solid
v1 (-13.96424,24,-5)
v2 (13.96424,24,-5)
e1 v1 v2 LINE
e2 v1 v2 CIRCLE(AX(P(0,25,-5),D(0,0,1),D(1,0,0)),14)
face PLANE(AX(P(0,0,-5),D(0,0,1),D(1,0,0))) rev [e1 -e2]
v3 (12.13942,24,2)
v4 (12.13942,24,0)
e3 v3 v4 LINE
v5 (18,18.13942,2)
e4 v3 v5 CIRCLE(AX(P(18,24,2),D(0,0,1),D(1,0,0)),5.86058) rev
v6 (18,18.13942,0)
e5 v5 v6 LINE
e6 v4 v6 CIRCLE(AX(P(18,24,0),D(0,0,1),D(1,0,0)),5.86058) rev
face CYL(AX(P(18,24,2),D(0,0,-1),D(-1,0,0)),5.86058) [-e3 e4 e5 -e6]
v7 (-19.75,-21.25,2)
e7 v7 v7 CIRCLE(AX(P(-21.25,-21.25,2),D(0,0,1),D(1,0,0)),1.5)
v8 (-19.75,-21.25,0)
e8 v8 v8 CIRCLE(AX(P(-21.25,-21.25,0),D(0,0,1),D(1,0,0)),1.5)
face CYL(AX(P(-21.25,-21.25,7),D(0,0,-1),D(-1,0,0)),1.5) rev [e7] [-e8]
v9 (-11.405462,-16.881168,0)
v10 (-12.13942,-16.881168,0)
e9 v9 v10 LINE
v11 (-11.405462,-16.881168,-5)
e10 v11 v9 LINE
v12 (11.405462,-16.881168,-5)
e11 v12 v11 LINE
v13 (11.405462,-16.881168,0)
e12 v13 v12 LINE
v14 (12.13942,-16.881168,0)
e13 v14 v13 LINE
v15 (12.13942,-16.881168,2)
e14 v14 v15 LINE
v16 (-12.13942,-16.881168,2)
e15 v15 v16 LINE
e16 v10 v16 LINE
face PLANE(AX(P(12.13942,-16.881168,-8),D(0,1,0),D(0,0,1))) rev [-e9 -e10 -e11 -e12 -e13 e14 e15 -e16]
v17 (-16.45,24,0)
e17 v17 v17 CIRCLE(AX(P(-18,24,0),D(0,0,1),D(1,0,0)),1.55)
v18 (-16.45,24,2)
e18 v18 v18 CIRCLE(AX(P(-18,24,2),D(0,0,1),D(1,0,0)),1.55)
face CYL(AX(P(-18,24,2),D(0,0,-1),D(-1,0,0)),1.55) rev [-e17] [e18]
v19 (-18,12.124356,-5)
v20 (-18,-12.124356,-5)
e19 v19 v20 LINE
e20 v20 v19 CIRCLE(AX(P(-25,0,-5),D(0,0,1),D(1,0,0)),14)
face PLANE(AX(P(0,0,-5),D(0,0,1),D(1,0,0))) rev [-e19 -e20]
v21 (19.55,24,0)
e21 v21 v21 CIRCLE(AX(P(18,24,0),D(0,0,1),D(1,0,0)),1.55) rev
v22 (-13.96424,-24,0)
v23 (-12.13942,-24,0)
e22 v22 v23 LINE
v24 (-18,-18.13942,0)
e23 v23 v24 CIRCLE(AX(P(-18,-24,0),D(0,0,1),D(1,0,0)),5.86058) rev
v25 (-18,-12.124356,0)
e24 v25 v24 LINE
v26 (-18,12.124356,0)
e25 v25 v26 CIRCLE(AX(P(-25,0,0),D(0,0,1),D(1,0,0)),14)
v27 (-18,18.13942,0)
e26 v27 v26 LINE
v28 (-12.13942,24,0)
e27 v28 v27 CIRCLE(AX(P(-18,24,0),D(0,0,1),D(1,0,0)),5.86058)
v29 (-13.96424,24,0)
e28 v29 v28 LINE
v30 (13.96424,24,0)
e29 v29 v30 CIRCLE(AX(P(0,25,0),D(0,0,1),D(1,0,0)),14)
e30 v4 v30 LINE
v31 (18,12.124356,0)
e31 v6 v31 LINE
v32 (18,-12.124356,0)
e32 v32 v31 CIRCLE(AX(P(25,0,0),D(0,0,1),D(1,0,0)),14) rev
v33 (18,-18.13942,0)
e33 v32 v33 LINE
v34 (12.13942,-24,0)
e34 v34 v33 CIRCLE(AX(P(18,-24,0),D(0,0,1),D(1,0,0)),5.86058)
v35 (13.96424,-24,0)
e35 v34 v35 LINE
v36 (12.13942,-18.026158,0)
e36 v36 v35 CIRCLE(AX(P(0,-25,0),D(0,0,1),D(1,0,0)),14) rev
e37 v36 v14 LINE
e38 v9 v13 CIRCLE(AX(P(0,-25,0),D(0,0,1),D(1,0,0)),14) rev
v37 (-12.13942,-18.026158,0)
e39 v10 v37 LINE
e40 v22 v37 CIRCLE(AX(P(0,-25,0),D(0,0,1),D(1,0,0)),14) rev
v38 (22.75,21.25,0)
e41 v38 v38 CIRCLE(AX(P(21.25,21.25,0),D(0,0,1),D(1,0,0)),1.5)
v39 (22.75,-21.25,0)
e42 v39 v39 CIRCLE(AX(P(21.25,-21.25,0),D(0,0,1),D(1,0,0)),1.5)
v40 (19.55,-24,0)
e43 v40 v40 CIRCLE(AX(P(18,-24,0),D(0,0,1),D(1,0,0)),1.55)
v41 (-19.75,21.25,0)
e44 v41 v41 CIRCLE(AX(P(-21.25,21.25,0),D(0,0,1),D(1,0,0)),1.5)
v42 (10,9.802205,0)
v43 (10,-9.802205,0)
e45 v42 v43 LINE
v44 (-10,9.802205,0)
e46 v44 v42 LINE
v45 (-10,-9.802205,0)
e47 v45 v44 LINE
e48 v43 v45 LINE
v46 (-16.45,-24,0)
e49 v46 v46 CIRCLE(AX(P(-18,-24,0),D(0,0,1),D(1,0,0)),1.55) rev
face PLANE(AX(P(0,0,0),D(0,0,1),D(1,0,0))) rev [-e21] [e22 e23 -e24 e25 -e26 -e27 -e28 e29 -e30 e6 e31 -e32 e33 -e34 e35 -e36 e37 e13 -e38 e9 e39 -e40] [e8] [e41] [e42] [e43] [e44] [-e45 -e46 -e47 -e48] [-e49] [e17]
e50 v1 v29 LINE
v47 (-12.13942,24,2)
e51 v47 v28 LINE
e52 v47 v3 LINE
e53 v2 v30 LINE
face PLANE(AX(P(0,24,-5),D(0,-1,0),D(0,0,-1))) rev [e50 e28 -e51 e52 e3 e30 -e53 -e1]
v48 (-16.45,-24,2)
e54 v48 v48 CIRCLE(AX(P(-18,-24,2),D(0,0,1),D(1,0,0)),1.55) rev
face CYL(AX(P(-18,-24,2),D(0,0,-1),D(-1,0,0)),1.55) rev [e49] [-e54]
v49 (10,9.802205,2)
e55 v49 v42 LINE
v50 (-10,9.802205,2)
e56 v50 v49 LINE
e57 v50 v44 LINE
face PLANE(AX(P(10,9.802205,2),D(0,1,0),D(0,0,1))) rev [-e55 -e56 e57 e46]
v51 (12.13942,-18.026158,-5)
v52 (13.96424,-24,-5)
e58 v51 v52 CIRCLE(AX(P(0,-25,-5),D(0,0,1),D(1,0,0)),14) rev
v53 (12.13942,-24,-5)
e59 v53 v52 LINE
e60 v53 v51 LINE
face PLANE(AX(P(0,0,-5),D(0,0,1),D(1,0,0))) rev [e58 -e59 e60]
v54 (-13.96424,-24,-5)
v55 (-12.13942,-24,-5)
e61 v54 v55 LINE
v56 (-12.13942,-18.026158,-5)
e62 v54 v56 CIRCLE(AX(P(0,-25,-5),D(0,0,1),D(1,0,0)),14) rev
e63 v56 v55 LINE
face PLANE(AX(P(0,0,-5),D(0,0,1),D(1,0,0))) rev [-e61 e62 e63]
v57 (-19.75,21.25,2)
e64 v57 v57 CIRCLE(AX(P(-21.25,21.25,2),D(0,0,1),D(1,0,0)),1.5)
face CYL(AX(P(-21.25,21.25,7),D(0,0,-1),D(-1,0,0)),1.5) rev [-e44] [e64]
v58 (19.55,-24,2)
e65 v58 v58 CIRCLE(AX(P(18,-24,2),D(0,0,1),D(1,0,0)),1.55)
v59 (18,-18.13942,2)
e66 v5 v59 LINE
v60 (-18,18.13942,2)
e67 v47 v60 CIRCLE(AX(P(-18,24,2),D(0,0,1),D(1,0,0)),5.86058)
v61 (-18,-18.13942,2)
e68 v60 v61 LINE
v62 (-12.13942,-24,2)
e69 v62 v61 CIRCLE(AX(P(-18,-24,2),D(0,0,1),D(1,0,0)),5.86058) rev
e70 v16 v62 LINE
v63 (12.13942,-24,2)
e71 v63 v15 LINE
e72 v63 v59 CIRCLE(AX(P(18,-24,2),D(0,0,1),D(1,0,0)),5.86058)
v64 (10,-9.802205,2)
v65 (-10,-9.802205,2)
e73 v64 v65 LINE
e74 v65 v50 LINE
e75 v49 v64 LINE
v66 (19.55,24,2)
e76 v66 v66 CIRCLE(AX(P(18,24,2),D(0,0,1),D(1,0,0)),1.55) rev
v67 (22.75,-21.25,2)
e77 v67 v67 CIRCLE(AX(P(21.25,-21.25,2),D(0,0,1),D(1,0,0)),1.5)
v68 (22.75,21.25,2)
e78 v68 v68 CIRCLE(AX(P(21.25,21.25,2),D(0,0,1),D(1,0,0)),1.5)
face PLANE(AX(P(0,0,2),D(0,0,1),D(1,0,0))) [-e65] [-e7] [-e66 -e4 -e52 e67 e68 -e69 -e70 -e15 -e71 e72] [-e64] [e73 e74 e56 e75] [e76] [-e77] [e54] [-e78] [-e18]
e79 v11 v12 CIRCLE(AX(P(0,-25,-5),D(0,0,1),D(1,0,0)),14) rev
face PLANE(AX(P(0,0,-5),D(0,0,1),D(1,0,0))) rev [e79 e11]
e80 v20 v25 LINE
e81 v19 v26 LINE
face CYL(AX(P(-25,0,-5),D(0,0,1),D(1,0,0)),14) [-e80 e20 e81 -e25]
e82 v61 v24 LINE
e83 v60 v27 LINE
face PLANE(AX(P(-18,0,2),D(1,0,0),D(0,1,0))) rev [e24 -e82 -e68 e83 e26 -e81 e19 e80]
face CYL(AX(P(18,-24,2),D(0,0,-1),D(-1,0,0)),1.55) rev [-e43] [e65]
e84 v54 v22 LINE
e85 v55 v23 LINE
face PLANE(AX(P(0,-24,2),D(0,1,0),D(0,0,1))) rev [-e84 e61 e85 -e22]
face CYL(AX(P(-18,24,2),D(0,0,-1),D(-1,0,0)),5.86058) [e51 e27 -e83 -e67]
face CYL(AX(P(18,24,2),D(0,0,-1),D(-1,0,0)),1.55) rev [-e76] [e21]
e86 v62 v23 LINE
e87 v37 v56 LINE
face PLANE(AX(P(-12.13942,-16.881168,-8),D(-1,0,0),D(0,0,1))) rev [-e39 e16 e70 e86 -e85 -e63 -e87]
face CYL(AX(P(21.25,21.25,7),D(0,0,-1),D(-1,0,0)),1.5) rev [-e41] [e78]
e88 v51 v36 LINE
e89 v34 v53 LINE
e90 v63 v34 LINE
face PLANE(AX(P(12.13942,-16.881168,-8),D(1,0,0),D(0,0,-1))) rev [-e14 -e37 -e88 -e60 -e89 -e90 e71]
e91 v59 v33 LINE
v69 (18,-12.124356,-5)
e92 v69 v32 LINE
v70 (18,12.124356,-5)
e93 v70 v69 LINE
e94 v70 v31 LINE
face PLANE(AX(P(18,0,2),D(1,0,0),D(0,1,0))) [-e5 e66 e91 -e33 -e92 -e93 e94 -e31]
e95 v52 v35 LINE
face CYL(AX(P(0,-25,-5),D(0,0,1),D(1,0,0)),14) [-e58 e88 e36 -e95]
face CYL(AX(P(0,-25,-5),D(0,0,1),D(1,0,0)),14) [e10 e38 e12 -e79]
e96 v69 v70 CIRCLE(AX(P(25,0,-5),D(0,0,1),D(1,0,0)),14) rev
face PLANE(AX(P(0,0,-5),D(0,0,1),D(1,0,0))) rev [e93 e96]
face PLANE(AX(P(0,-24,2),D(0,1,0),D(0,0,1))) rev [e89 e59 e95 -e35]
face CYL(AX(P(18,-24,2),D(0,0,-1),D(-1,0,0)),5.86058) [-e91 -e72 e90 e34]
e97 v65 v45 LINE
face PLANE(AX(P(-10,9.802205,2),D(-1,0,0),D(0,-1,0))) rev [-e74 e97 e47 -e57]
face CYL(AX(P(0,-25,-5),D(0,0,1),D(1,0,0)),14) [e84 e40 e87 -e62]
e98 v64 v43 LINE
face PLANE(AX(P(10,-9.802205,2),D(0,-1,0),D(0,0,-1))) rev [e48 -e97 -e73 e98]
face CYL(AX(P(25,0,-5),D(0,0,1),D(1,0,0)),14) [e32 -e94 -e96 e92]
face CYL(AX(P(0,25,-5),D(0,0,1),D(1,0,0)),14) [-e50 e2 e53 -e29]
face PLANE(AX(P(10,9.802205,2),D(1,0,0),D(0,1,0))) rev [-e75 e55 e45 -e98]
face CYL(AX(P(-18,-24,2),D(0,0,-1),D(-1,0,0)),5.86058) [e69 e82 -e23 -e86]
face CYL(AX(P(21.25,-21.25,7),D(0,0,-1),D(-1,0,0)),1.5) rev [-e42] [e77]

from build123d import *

# Parameters (mm, degrees)
EXTRUDE_1_DEPTH     = 5
EXTRUDE_1_2_DEPTH   = 5
EXTRUDE_1_3_DEPTH   = 5
EXTRUDE_1_4_DEPTH   = 5
EXTRUDE_3_DEPTH     = 2
SKETCH_3_W          = 20
SKETCH_3_H          = 19.604409946
CUT_EXTRUDE_1_DEPTH = 2
SKETCH_4_R          = 1.5
CUT_EXTRUDE_2_DEPTH = 12
SKETCH_6_W          = 24.27884079
SKETCH_6_H          = 14.237664084
CUT_EXTRUDE_5_DEPTH = 10


with BuildPart() as part:
    # 草图1 → 凸台-拉伸1 (new body)
    with BuildSketch(Plane.XY):
        with BuildLine():
            Line((13.964240044, 24), (-13.964240044, 24))
            ThreePointArc((-13.964240044, 24), (0, 11), (13.964240044, 24))
        make_face()
    extrude(amount=-EXTRUDE_1_DEPTH)



with BuildPart() as body_2:
    # 草图1 → Extrude 1 2 (new body)
    with BuildSketch(Plane.XY):
        with BuildLine():
            ThreePointArc((-18, -12.124355653), (-11, 0), (-18, 12.124355653))
            Line((-18, 12.124355653), (-18, -12.124355653))
        make_face()
    extrude(amount=-EXTRUDE_1_2_DEPTH)


with BuildPart() as body_3:
    # 草图1 → Extrude 1 3 (new body)
    with BuildSketch(Plane.XY):
        with BuildLine():
            Line((18, -12.124355653), (18, 12.124355653))
            ThreePointArc((18, 12.124355653), (11, 0), (18, -12.124355653))
        make_face()
    extrude(amount=-EXTRUDE_1_3_DEPTH)


with BuildPart() as body_4:
    # 草图1 → Extrude 1 4 (new body)
    with BuildSketch(Plane.XY):
        with BuildLine():
            ThreePointArc((13.964240044, -24), (0, -11), (-13.964240044, -24))
            Line((-13.964240044, -24), (13.964240044, -24))
        make_face()
    extrude(amount=-EXTRUDE_1_4_DEPTH)


with BuildPart() as part_1:
    add(part.part)

    add(body_2.part)  # 凸台-拉伸3 merges body 2

    add(body_3.part)  # 凸台-拉伸3 merges body 3

    add(body_4.part)  # 凸台-拉伸3 merges body 4
    # 草图2 → 凸台-拉伸3 (add)
    with BuildSketch(Plane.XY):
        with BuildLine():
            ThreePointArc((-18, 22.45), (-19.096015511, 25.096015511), (-16.45, 24))
            Line((-16.45, 24), (-12.139420395, 24))
            ThreePointArc((-12.139420395, 24), (-22.14405558, 28.14405558), (-18, 18.139420395))
            Line((-18, 18.139420395), (-18, 22.45))
        make_face()
        with BuildLine():
            Line((-12.139420395, 24), (-16.45, 24))
            ThreePointArc((-16.45, 24), (-16.903984489, 22.903984489), (-18, 22.45))
            Line((-18, 22.45), (-18, 18.139420395))
            ThreePointArc((-18, 18.139420395), (-13.85594442, 19.85594442), (-12.139420395, 24))
        make_face()
        with BuildLine():
            Line((12.139420395, 24), (-12.139420395, 24))
            ThreePointArc((-12.139420395, 24), (-13.85594442, 19.85594442), (-18, 18.139420395))
            Line((-18, 18.139420395), (-18, 12.124355653))
            ThreePointArc((-18, 12.124355653), (-11, 0), (-18, -12.124355653))
            Line((-18, -12.124355653), (-18, -18.139420395))
            ThreePointArc((-18, -18.139420395), (-13.85594442, -19.85594442), (-12.139420395, -24))
            Line((-12.139420395, -24), (12.139420395, -24))
            ThreePointArc((12.139420395, -24), (13.85594442, -19.85594442), (18, -18.139420395))
            Line((18, -18.139420395), (18, 18.139420395))
            ThreePointArc((18, 18.139420395), (13.85594442, 19.85594442), (12.139420395, 24))
        make_face()
        with BuildLine():
            ThreePointArc((-18, -12.124355653), (-11, 0), (-18, 12.124355653))
            Line((-18, 12.124355653), (-18, -12.124355653))
        make_face()
        with BuildLine():
            ThreePointArc((23.860579605, 24), (18, 29.860579605), (12.139420395, 24))
            Line((12.139420395, 24), (16.45, 24))
            ThreePointArc((16.45, 24), (18, 25.55), (19.55, 24))
            ThreePointArc((19.55, 24), (19.096015511, 22.903984489), (18, 22.45))
            Line((18, 22.45), (18, 18.139420395))
            ThreePointArc((18, 18.139420395), (22.14405558, 19.85594442), (23.860579605, 24))
        make_face()
        with BuildLine():
            Line((16.45, 24), (12.139420395, 24))
            ThreePointArc((12.139420395, 24), (13.85594442, 19.85594442), (18, 18.139420395))
            Line((18, 18.139420395), (18, 22.45))
            ThreePointArc((18, 22.45), (16.903984489, 22.903984489), (16.45, 24))
        make_face()
        with BuildLine():
            ThreePointArc((-12.139420395, -24), (-13.85594442, -19.85594442), (-18, -18.139420395))
            Line((-18, -18.139420395), (-18, -22.45))
            ThreePointArc((-18, -22.45), (-16.903984489, -22.903984489), (-16.45, -24))
            Line((-16.45, -24), (-12.139420395, -24))
        make_face()
        with BuildLine():
            Line((-18, -22.45), (-18, -18.139420395))
            ThreePointArc((-18, -18.139420395), (-22.14405558, -28.14405558), (-12.139420395, -24))
            Line((-12.139420395, -24), (-16.45, -24))
            ThreePointArc((-16.45, -24), (-19.096015511, -25.096015511), (-18, -22.45))
        make_face()
        with BuildLine():
            ThreePointArc((23.860579605, -24), (22.14405558, -19.85594442), (18, -18.139420395))
            Line((18, -18.139420395), (18, -22.45))
            ThreePointArc((18, -22.45), (19.096015511, -22.903984489), (19.55, -24))
            ThreePointArc((19.55, -24), (18, -25.55), (16.45, -24))
            Line((16.45, -24), (12.139420395, -24))
            ThreePointArc((12.139420395, -24), (18, -29.860579605), (23.860579605, -24))
        make_face()
        with BuildLine():
            Line((18, -22.45), (18, -18.139420395))
            ThreePointArc((18, -18.139420395), (13.85594442, -19.85594442), (12.139420395, -24))
            Line((12.139420395, -24), (16.45, -24))
            ThreePointArc((16.45, -24), (16.903984489, -22.903984489), (18, -22.45))
        make_face()
    extrude(amount=EXTRUDE_3_DEPTH)

    # 草图3 → 切除-拉伸1 (cut)
    with BuildSketch(Plane(origin=(0, 0, 0), x_dir=(-1, 0, 0), z_dir=(0, 0, -1))):
        Rectangle(SKETCH_3_W, SKETCH_3_H)
    extrude(amount=-CUT_EXTRUDE_1_DEPTH, mode=Mode.SUBTRACT)

    # 草图4 → 切除-拉伸2 (cut)
    with BuildSketch(Plane(origin=(0, 0, -5), x_dir=(-1, 0, 0), z_dir=(0, 0, -1))):
        with Locations((21.25, -21.25)):
            Circle(SKETCH_4_R)
        with Locations((21.25, 21.25)):
            Circle(SKETCH_4_R)
        with Locations((-21.25, 21.25)):
            Circle(SKETCH_4_R)
        with Locations((-21.25, -21.25)):
            Circle(SKETCH_4_R)
    extrude(amount=-CUT_EXTRUDE_2_DEPTH, mode=Mode.SUBTRACT)

    # 草图6 → 切除-拉伸5 (cut)
    with BuildSketch(Plane.XY.offset(2)):
        with Locations((0, -24)):
            Rectangle(SKETCH_6_W, SKETCH_6_H)
    extrude(amount=-CUT_EXTRUDE_5_DEPTH, mode=Mode.SUBTRACT)


solid = part_1.part
